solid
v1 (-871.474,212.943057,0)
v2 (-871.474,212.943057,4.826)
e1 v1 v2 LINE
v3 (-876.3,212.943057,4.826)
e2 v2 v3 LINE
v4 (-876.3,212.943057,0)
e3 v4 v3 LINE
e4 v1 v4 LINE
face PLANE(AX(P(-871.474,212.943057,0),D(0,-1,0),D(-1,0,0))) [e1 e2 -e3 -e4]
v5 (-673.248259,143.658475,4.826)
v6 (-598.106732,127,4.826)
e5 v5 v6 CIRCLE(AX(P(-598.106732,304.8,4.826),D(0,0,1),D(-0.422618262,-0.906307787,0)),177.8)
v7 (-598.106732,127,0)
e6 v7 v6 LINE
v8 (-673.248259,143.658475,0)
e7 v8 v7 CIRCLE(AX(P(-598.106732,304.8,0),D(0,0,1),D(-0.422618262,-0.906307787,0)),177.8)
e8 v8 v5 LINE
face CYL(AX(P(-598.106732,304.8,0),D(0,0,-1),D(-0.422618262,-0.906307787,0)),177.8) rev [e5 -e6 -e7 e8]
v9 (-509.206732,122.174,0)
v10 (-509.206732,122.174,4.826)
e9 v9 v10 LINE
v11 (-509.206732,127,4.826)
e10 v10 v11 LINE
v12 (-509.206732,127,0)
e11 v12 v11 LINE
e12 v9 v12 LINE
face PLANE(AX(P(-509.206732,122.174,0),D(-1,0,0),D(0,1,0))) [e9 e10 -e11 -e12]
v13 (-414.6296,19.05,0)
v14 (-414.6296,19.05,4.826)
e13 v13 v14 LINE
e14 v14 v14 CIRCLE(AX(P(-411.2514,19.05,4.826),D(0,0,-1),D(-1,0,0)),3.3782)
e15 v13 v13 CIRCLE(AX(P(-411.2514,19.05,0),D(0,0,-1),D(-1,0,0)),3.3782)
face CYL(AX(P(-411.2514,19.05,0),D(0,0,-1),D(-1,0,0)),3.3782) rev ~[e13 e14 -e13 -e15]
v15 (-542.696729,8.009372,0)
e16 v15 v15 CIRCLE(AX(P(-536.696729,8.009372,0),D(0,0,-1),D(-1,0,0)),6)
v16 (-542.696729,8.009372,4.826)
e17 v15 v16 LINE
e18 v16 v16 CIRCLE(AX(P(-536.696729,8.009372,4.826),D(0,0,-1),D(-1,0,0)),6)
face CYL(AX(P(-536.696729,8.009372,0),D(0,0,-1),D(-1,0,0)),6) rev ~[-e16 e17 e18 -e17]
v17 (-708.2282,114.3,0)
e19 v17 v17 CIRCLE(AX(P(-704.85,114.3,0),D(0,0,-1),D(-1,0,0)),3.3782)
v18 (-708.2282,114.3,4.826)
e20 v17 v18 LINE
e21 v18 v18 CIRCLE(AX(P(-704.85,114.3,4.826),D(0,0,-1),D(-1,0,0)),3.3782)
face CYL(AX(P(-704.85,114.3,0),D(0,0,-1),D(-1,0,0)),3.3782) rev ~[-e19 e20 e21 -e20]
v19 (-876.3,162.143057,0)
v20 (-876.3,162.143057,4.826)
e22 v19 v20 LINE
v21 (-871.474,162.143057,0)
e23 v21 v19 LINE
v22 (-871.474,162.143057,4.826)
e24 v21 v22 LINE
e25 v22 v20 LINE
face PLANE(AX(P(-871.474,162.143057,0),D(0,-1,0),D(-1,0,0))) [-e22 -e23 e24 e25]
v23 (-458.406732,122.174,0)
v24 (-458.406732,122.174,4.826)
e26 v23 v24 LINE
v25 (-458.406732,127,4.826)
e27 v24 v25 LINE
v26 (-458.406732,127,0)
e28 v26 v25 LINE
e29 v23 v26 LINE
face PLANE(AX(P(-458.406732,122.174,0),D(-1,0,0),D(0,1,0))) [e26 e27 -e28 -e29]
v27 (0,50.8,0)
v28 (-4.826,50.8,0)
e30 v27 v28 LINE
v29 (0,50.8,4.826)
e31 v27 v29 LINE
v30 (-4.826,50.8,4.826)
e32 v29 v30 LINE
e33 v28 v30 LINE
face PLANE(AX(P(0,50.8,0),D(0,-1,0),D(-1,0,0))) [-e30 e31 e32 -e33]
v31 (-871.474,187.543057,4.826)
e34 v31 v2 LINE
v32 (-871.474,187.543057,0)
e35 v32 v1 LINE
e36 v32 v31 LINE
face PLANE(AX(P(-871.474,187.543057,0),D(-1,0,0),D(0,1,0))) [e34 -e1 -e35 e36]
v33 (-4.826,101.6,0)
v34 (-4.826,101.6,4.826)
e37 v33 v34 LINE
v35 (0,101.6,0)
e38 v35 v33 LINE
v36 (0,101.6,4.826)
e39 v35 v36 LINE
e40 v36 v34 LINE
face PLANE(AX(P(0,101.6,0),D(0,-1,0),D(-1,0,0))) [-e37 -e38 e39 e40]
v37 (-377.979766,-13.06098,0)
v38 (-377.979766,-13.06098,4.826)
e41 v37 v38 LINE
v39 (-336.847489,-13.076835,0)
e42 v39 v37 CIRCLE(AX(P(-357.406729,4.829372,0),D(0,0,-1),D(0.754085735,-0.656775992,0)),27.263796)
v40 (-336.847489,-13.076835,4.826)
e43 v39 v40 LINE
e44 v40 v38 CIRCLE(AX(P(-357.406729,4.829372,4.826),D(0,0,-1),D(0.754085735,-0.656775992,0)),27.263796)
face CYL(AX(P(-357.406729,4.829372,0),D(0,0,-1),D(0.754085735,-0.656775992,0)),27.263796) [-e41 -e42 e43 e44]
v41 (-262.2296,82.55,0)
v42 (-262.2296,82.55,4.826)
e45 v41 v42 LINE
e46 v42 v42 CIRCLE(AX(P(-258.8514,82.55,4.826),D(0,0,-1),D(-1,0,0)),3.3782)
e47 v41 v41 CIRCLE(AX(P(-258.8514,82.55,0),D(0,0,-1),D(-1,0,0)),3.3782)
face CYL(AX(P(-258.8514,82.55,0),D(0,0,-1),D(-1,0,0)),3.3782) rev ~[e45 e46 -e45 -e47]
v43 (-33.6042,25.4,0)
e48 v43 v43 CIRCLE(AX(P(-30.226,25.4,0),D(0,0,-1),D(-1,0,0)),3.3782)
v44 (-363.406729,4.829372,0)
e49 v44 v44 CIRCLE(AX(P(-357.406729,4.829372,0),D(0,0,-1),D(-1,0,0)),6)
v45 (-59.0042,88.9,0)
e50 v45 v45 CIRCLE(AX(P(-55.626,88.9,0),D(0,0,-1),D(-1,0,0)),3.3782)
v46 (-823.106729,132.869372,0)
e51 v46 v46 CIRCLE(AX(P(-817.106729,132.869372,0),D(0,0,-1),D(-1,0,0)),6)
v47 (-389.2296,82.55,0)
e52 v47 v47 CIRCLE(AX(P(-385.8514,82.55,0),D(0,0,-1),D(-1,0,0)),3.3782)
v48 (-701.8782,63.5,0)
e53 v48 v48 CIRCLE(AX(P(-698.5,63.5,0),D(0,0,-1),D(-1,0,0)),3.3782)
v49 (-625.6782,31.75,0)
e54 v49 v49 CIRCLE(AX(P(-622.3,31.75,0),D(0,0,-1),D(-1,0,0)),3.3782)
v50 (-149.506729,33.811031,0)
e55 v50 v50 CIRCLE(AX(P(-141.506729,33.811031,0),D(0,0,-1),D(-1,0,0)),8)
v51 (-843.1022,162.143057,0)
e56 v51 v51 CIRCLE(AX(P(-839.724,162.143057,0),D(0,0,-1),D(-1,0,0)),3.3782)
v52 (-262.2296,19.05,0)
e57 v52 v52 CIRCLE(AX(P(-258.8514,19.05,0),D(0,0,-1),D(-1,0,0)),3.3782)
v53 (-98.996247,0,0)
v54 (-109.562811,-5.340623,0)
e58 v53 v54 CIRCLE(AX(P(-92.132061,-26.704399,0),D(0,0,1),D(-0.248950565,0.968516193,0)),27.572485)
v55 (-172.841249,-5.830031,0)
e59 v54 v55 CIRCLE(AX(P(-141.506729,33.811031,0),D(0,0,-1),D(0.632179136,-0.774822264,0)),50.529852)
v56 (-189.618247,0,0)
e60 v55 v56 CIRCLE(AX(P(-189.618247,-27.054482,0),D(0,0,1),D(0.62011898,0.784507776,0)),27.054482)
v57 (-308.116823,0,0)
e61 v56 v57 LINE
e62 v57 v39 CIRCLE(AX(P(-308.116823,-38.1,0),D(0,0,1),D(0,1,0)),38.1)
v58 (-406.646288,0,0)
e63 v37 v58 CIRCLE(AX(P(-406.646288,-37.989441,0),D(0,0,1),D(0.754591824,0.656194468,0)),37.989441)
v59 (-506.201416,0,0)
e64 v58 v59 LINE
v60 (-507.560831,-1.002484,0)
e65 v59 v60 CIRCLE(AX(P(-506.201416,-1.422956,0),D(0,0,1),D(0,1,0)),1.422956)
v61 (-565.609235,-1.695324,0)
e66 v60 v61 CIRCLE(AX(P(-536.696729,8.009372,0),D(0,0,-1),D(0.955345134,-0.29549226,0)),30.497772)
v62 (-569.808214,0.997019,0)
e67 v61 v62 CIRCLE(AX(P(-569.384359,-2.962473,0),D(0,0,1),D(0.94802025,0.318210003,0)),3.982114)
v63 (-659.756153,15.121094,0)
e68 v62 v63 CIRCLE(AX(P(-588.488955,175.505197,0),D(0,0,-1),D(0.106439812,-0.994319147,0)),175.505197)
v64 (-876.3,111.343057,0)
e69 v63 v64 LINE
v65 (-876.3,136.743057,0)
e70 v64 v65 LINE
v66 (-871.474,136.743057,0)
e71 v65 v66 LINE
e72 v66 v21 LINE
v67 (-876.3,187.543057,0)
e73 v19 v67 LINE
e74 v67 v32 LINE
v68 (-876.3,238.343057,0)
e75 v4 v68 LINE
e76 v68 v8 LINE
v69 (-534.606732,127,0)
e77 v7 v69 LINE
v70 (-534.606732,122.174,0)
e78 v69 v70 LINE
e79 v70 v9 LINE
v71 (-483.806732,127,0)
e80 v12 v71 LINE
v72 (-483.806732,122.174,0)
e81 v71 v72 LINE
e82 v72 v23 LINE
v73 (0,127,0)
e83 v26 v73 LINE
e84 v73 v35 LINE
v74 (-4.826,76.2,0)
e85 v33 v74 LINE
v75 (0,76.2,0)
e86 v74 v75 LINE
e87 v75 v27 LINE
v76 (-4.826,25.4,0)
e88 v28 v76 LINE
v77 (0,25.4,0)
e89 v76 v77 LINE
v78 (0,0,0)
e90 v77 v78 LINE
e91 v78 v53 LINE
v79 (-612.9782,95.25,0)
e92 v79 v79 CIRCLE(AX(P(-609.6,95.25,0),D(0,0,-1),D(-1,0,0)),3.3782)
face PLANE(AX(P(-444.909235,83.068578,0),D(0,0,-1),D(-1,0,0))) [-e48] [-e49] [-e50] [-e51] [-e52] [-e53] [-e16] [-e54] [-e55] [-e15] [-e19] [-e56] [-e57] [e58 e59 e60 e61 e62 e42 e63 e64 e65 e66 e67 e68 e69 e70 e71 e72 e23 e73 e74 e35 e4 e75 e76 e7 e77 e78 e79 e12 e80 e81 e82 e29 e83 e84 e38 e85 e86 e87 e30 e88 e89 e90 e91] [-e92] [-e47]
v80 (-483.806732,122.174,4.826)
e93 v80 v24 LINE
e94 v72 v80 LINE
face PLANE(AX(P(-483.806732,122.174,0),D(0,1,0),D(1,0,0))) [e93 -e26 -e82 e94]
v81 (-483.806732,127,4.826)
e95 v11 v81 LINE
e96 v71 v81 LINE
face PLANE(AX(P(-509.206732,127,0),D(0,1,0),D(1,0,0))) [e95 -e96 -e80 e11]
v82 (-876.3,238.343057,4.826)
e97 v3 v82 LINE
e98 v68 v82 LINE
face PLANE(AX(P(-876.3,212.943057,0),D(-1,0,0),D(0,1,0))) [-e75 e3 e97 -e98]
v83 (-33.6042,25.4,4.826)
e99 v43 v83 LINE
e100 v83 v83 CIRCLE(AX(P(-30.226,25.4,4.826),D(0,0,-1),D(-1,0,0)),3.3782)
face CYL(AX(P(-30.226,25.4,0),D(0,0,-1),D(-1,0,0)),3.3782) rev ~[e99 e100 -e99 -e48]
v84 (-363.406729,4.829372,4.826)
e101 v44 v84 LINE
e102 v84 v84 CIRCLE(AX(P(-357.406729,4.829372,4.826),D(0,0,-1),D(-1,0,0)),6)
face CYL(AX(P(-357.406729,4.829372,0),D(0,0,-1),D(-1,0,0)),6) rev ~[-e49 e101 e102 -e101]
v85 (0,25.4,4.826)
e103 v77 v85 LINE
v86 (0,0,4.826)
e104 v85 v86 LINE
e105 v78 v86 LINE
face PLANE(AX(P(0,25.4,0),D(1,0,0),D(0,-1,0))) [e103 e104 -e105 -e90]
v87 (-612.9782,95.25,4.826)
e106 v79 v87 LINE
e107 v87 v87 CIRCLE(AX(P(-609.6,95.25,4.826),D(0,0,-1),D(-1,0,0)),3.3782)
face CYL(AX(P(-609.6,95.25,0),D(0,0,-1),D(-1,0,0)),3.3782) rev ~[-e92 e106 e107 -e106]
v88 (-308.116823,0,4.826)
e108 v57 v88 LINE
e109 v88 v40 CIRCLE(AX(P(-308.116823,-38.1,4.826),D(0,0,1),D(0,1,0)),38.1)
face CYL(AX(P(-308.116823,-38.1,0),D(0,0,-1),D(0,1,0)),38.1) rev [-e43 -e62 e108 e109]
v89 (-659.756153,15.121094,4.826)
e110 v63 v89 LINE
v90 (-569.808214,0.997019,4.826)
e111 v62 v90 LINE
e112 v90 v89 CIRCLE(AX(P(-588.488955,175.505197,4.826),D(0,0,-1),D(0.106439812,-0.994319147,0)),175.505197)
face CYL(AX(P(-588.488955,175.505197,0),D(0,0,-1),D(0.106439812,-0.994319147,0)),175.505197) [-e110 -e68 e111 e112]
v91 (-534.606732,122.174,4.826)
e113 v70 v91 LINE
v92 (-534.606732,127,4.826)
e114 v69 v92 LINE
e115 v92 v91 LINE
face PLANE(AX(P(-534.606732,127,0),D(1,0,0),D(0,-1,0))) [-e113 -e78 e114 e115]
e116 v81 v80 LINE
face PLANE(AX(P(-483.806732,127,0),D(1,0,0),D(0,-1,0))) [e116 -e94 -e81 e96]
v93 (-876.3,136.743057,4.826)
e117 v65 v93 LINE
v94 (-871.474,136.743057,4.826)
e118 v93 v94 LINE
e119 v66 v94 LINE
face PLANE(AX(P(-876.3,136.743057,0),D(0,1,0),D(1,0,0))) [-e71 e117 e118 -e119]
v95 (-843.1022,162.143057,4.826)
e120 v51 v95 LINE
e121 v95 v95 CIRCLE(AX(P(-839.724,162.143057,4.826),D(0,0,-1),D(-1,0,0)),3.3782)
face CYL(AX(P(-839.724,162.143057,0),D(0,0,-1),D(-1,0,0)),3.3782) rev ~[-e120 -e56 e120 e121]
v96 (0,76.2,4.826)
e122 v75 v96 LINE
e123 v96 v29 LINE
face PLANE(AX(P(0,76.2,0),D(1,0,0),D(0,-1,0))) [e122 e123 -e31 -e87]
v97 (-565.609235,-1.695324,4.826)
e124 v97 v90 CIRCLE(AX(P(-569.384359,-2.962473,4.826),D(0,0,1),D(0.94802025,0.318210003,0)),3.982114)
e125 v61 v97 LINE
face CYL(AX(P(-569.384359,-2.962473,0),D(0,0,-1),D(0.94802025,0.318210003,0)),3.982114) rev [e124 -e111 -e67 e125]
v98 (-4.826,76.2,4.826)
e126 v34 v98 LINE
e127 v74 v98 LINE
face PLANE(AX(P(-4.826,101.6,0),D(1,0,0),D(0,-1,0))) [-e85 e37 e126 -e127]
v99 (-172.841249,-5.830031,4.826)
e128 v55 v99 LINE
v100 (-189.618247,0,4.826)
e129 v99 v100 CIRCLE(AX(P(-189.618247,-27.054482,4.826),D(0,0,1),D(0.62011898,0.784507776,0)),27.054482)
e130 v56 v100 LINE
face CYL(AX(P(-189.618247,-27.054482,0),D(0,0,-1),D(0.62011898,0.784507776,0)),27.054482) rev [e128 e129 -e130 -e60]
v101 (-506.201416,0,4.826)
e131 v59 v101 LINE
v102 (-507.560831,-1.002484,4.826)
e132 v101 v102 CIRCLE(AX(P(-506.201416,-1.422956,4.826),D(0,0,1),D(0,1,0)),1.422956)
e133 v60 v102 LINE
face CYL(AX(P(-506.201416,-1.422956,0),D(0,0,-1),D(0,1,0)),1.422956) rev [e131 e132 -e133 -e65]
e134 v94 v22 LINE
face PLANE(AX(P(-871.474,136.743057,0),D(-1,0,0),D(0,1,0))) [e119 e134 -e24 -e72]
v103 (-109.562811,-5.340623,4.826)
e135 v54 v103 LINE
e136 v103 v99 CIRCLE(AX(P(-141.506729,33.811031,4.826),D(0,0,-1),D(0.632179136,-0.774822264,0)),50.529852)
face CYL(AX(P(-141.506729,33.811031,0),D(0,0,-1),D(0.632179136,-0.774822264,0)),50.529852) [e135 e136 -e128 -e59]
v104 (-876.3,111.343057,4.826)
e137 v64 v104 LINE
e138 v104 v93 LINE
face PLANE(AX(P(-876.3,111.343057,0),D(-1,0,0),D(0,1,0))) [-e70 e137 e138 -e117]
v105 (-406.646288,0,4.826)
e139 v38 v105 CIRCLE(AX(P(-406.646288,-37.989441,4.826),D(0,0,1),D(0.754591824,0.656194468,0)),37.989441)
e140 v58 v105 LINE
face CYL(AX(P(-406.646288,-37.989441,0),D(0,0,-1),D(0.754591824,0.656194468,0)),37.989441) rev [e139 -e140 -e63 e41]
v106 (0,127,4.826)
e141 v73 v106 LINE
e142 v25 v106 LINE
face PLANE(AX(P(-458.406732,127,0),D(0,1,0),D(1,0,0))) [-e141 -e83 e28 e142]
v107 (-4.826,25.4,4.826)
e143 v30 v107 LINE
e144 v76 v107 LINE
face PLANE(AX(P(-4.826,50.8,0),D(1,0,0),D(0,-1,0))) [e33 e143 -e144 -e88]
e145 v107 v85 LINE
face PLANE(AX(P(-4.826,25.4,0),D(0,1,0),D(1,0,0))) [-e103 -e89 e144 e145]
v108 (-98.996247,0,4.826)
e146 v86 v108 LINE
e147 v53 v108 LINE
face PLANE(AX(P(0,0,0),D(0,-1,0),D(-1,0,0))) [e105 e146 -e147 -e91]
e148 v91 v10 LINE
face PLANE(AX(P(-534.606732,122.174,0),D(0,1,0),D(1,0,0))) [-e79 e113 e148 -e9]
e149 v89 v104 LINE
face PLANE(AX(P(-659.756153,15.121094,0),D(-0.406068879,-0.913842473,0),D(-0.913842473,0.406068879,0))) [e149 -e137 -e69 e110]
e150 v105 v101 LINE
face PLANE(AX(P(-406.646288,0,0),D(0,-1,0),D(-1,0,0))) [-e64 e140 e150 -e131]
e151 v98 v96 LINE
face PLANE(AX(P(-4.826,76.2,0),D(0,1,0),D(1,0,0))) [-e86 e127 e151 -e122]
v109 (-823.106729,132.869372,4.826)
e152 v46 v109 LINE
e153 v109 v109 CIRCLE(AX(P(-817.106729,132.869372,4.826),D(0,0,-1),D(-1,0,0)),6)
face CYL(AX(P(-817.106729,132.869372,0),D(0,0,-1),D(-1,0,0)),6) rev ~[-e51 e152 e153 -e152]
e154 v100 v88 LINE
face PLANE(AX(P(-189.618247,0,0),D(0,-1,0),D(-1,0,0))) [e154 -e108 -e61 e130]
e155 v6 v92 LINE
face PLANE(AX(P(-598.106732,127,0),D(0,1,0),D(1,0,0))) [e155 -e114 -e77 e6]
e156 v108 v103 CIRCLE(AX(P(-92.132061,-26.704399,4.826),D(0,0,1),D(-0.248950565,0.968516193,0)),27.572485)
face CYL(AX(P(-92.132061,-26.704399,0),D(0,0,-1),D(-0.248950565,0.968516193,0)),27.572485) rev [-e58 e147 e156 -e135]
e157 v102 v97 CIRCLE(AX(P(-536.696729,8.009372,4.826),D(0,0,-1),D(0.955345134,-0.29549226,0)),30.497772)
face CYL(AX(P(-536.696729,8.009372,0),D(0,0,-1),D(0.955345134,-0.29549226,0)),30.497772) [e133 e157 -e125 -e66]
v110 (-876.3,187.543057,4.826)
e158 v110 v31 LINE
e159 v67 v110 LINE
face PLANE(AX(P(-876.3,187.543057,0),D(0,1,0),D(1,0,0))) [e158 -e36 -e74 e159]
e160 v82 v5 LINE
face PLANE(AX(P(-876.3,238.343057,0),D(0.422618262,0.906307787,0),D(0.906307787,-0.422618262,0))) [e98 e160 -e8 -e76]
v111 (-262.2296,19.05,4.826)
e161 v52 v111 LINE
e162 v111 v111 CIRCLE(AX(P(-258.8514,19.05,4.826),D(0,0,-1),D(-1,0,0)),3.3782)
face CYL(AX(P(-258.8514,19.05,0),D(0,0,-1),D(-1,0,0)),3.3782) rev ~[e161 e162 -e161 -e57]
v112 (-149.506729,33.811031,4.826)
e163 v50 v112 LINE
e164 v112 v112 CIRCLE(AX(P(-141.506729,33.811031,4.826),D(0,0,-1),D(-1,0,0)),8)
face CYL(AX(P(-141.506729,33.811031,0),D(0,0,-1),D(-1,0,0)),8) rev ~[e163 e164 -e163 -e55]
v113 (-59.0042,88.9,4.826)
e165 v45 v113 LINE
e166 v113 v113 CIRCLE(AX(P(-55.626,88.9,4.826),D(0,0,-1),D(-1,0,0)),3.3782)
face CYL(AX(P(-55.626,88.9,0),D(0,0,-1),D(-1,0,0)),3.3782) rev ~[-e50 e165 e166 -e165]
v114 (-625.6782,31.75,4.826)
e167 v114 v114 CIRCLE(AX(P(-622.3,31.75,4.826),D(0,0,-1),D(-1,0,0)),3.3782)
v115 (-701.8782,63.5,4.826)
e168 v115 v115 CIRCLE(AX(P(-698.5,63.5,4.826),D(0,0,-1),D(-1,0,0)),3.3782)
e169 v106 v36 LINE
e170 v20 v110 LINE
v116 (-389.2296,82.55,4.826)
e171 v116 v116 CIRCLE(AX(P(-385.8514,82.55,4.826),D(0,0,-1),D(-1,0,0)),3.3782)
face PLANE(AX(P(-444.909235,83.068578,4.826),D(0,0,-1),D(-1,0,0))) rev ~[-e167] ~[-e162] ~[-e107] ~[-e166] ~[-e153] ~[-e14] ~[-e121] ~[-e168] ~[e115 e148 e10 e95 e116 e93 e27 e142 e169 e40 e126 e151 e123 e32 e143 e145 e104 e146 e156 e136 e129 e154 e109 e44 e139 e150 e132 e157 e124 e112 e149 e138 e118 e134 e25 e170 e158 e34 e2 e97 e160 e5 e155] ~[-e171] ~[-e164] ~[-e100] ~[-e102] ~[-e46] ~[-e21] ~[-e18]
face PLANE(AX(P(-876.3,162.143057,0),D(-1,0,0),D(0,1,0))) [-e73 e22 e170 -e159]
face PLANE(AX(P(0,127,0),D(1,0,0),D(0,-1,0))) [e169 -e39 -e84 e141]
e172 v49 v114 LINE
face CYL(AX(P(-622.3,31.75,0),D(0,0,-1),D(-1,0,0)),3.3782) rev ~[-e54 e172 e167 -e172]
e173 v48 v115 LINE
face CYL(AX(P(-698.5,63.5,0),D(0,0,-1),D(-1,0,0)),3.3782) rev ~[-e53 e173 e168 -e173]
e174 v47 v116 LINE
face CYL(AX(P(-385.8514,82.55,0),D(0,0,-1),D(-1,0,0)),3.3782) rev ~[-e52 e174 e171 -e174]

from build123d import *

# Parameters (mm, degrees)
SKETCH1_R           = 3.3782
SKETCH1_R_2         = 8.000000002
SKETCH1_R_3         = 5.999999989
SKETCH1_R_4         = 5.999999988
SKETCH1_R_5         = 6.000000014
BOSS_EXTRUDE1_DEPTH = 4.826


with BuildPart() as part:
    # Sketch1 → Boss-Extrude1 (new body)
    with BuildSketch(Plane(origin=(0, 0, 0), x_dir=(-1, 0, 0), z_dir=(0, 0, -1))):
        with BuildLine():
            Line((534.606732, 122.174), (509.206732, 122.174))
            Line((509.206732, 122.174), (509.206732, 127))
            Line((509.206732, 127), (483.806732, 127))
            Line((483.806732, 127), (483.806732, 122.174))
            Line((483.806732, 122.174), (458.406732, 122.174))
            Line((458.406732, 122.174), (458.406732, 127))
            Line((458.406732, 127), (0, 127))
            Line((0, 127), (0, 101.6))
            Line((0, 101.6), (4.826, 101.6))
            Line((4.826, 101.6), (4.826, 76.2))
            Line((4.826, 76.2), (0, 76.2))
            Line((0, 76.2), (0, 50.8))
            Line((0, 50.8), (4.826, 50.8))
            Line((4.826, 50.8), (4.826, 25.4))
            Line((4.826, 25.4), (0, 25.4))
            Line((0, 25.4), (0, 0))
            Line((0, 0), (98.996246628, 0))
            ThreePointArc((98.996246628, 0), (104.569566166, -2.09646468), (109.562810755, -5.340623016))
            ThreePointArc((109.562810755, -5.340623016), (141.115933183, -16.717309509), (172.841249368, -5.830030532))
            ThreePointArc((172.841249368, -5.830030532), (180.737693875, -1.499037017), (189.618247276, 0))
            Line((189.618247276, 0), (308.116822983, 0))
            ThreePointArc((308.116822983, 0), (323.900159152, -3.422971591), (336.847489477, -13.076834684))
            ThreePointArc((336.847489477, -13.076834684), (357.417237927, -22.434421933), (377.979766443, -13.060980118))
            ThreePointArc((377.979766443, -13.060980118), (390.895425815, -3.419107464), (406.646288314, 0))
            Line((406.646288314, 0), (506.201416447, 0))
            ThreePointArc((506.201416447, 0), (507.045954934, -0.277722975), (507.560830812, -1.002483719))
            ThreePointArc((507.560830812, -1.002483719), (536.332746766, -22.486228157), (565.609234573, -1.69532427))
            ThreePointArc((565.609234573, -1.69532427), (567.234956908, 0.389735568), (569.808214418, 0.997019206))
            ThreePointArc((569.808214418, 0.997019206), (615.71405842, 2.124494779), (659.756153394, 15.121093757))
            Line((659.756153394, 15.121093757), (876.299999975, 111.343057166))
            Line((876.299999975, 111.343057166), (876.299999975, 136.743057212))
            Line((876.299999975, 136.743057212), (871.47400014, 136.743057212))
            Line((871.47400014, 136.743057212), (871.47400014, 162.143057105))
            Line((871.47400014, 162.143057105), (876.299999975, 162.143057105))
            Line((876.299999975, 162.143057105), (876.299999975, 187.543057156))
            Line((876.299999975, 187.543057156), (871.47400014, 187.543057156))
            Line((871.47400014, 187.543057156), (871.47400014, 212.943057198))
            Line((871.47400014, 212.943057198), (876.299999975, 212.943057198))
            Line((876.299999975, 212.943057198), (876.299999975, 238.343057355))
            Line((876.299999975, 238.343057355), (673.248258968, 143.658475478))
            ThreePointArc((673.248258968, 143.658475478), (636.589695375, 131.214569938), (598.106732, 127))
            Line((598.106732, 127), (534.606732, 127))
            Line((534.606732, 127), (534.606732, 122.174))
        make_face()
        with Locations((698.5, 63.500000033)):
            Circle(SKETCH1_R, mode=Mode.SUBTRACT)
        with Locations((704.85, 114.300000033)):
            Circle(SKETCH1_R, mode=Mode.SUBTRACT)
        with Locations((30.226, 25.400000033)):
            Circle(SKETCH1_R, mode=Mode.SUBTRACT)
        with Locations((622.3, 31.750000033)):
            Circle(SKETCH1_R, mode=Mode.SUBTRACT)
        with Locations((411.2514, 19.050000033)):
            Circle(SKETCH1_R, mode=Mode.SUBTRACT)
        with Locations((385.8514, 82.550000033)):
            Circle(SKETCH1_R, mode=Mode.SUBTRACT)
        with Locations((258.8514, 82.550000033)):
            Circle(SKETCH1_R, mode=Mode.SUBTRACT)
        with Locations((258.8514, 19.050000033)):
            Circle(SKETCH1_R, mode=Mode.SUBTRACT)
        with Locations((55.626, 88.900000033)):
            Circle(SKETCH1_R, mode=Mode.SUBTRACT)
        with Locations((609.6, 95.250000033)):
            Circle(SKETCH1_R, mode=Mode.SUBTRACT)
        with Locations((839.724, 162.143057153)):
            Circle(SKETCH1_R, mode=Mode.SUBTRACT)
        with Locations((141.506729012, 33.811031431)):
            Circle(SKETCH1_R_2, mode=Mode.SUBTRACT)
        with Locations((357.406729012, 4.829371893)):
            Circle(SKETCH1_R_3, mode=Mode.SUBTRACT)
        with Locations((536.696729012, 8.009371893)):
            Circle(SKETCH1_R_4, mode=Mode.SUBTRACT)
        with Locations((817.106729012, 132.869371893)):
            Circle(SKETCH1_R_5, mode=Mode.SUBTRACT)
    extrude(amount=-BOSS_EXTRUDE1_DEPTH)


solid = part.part
